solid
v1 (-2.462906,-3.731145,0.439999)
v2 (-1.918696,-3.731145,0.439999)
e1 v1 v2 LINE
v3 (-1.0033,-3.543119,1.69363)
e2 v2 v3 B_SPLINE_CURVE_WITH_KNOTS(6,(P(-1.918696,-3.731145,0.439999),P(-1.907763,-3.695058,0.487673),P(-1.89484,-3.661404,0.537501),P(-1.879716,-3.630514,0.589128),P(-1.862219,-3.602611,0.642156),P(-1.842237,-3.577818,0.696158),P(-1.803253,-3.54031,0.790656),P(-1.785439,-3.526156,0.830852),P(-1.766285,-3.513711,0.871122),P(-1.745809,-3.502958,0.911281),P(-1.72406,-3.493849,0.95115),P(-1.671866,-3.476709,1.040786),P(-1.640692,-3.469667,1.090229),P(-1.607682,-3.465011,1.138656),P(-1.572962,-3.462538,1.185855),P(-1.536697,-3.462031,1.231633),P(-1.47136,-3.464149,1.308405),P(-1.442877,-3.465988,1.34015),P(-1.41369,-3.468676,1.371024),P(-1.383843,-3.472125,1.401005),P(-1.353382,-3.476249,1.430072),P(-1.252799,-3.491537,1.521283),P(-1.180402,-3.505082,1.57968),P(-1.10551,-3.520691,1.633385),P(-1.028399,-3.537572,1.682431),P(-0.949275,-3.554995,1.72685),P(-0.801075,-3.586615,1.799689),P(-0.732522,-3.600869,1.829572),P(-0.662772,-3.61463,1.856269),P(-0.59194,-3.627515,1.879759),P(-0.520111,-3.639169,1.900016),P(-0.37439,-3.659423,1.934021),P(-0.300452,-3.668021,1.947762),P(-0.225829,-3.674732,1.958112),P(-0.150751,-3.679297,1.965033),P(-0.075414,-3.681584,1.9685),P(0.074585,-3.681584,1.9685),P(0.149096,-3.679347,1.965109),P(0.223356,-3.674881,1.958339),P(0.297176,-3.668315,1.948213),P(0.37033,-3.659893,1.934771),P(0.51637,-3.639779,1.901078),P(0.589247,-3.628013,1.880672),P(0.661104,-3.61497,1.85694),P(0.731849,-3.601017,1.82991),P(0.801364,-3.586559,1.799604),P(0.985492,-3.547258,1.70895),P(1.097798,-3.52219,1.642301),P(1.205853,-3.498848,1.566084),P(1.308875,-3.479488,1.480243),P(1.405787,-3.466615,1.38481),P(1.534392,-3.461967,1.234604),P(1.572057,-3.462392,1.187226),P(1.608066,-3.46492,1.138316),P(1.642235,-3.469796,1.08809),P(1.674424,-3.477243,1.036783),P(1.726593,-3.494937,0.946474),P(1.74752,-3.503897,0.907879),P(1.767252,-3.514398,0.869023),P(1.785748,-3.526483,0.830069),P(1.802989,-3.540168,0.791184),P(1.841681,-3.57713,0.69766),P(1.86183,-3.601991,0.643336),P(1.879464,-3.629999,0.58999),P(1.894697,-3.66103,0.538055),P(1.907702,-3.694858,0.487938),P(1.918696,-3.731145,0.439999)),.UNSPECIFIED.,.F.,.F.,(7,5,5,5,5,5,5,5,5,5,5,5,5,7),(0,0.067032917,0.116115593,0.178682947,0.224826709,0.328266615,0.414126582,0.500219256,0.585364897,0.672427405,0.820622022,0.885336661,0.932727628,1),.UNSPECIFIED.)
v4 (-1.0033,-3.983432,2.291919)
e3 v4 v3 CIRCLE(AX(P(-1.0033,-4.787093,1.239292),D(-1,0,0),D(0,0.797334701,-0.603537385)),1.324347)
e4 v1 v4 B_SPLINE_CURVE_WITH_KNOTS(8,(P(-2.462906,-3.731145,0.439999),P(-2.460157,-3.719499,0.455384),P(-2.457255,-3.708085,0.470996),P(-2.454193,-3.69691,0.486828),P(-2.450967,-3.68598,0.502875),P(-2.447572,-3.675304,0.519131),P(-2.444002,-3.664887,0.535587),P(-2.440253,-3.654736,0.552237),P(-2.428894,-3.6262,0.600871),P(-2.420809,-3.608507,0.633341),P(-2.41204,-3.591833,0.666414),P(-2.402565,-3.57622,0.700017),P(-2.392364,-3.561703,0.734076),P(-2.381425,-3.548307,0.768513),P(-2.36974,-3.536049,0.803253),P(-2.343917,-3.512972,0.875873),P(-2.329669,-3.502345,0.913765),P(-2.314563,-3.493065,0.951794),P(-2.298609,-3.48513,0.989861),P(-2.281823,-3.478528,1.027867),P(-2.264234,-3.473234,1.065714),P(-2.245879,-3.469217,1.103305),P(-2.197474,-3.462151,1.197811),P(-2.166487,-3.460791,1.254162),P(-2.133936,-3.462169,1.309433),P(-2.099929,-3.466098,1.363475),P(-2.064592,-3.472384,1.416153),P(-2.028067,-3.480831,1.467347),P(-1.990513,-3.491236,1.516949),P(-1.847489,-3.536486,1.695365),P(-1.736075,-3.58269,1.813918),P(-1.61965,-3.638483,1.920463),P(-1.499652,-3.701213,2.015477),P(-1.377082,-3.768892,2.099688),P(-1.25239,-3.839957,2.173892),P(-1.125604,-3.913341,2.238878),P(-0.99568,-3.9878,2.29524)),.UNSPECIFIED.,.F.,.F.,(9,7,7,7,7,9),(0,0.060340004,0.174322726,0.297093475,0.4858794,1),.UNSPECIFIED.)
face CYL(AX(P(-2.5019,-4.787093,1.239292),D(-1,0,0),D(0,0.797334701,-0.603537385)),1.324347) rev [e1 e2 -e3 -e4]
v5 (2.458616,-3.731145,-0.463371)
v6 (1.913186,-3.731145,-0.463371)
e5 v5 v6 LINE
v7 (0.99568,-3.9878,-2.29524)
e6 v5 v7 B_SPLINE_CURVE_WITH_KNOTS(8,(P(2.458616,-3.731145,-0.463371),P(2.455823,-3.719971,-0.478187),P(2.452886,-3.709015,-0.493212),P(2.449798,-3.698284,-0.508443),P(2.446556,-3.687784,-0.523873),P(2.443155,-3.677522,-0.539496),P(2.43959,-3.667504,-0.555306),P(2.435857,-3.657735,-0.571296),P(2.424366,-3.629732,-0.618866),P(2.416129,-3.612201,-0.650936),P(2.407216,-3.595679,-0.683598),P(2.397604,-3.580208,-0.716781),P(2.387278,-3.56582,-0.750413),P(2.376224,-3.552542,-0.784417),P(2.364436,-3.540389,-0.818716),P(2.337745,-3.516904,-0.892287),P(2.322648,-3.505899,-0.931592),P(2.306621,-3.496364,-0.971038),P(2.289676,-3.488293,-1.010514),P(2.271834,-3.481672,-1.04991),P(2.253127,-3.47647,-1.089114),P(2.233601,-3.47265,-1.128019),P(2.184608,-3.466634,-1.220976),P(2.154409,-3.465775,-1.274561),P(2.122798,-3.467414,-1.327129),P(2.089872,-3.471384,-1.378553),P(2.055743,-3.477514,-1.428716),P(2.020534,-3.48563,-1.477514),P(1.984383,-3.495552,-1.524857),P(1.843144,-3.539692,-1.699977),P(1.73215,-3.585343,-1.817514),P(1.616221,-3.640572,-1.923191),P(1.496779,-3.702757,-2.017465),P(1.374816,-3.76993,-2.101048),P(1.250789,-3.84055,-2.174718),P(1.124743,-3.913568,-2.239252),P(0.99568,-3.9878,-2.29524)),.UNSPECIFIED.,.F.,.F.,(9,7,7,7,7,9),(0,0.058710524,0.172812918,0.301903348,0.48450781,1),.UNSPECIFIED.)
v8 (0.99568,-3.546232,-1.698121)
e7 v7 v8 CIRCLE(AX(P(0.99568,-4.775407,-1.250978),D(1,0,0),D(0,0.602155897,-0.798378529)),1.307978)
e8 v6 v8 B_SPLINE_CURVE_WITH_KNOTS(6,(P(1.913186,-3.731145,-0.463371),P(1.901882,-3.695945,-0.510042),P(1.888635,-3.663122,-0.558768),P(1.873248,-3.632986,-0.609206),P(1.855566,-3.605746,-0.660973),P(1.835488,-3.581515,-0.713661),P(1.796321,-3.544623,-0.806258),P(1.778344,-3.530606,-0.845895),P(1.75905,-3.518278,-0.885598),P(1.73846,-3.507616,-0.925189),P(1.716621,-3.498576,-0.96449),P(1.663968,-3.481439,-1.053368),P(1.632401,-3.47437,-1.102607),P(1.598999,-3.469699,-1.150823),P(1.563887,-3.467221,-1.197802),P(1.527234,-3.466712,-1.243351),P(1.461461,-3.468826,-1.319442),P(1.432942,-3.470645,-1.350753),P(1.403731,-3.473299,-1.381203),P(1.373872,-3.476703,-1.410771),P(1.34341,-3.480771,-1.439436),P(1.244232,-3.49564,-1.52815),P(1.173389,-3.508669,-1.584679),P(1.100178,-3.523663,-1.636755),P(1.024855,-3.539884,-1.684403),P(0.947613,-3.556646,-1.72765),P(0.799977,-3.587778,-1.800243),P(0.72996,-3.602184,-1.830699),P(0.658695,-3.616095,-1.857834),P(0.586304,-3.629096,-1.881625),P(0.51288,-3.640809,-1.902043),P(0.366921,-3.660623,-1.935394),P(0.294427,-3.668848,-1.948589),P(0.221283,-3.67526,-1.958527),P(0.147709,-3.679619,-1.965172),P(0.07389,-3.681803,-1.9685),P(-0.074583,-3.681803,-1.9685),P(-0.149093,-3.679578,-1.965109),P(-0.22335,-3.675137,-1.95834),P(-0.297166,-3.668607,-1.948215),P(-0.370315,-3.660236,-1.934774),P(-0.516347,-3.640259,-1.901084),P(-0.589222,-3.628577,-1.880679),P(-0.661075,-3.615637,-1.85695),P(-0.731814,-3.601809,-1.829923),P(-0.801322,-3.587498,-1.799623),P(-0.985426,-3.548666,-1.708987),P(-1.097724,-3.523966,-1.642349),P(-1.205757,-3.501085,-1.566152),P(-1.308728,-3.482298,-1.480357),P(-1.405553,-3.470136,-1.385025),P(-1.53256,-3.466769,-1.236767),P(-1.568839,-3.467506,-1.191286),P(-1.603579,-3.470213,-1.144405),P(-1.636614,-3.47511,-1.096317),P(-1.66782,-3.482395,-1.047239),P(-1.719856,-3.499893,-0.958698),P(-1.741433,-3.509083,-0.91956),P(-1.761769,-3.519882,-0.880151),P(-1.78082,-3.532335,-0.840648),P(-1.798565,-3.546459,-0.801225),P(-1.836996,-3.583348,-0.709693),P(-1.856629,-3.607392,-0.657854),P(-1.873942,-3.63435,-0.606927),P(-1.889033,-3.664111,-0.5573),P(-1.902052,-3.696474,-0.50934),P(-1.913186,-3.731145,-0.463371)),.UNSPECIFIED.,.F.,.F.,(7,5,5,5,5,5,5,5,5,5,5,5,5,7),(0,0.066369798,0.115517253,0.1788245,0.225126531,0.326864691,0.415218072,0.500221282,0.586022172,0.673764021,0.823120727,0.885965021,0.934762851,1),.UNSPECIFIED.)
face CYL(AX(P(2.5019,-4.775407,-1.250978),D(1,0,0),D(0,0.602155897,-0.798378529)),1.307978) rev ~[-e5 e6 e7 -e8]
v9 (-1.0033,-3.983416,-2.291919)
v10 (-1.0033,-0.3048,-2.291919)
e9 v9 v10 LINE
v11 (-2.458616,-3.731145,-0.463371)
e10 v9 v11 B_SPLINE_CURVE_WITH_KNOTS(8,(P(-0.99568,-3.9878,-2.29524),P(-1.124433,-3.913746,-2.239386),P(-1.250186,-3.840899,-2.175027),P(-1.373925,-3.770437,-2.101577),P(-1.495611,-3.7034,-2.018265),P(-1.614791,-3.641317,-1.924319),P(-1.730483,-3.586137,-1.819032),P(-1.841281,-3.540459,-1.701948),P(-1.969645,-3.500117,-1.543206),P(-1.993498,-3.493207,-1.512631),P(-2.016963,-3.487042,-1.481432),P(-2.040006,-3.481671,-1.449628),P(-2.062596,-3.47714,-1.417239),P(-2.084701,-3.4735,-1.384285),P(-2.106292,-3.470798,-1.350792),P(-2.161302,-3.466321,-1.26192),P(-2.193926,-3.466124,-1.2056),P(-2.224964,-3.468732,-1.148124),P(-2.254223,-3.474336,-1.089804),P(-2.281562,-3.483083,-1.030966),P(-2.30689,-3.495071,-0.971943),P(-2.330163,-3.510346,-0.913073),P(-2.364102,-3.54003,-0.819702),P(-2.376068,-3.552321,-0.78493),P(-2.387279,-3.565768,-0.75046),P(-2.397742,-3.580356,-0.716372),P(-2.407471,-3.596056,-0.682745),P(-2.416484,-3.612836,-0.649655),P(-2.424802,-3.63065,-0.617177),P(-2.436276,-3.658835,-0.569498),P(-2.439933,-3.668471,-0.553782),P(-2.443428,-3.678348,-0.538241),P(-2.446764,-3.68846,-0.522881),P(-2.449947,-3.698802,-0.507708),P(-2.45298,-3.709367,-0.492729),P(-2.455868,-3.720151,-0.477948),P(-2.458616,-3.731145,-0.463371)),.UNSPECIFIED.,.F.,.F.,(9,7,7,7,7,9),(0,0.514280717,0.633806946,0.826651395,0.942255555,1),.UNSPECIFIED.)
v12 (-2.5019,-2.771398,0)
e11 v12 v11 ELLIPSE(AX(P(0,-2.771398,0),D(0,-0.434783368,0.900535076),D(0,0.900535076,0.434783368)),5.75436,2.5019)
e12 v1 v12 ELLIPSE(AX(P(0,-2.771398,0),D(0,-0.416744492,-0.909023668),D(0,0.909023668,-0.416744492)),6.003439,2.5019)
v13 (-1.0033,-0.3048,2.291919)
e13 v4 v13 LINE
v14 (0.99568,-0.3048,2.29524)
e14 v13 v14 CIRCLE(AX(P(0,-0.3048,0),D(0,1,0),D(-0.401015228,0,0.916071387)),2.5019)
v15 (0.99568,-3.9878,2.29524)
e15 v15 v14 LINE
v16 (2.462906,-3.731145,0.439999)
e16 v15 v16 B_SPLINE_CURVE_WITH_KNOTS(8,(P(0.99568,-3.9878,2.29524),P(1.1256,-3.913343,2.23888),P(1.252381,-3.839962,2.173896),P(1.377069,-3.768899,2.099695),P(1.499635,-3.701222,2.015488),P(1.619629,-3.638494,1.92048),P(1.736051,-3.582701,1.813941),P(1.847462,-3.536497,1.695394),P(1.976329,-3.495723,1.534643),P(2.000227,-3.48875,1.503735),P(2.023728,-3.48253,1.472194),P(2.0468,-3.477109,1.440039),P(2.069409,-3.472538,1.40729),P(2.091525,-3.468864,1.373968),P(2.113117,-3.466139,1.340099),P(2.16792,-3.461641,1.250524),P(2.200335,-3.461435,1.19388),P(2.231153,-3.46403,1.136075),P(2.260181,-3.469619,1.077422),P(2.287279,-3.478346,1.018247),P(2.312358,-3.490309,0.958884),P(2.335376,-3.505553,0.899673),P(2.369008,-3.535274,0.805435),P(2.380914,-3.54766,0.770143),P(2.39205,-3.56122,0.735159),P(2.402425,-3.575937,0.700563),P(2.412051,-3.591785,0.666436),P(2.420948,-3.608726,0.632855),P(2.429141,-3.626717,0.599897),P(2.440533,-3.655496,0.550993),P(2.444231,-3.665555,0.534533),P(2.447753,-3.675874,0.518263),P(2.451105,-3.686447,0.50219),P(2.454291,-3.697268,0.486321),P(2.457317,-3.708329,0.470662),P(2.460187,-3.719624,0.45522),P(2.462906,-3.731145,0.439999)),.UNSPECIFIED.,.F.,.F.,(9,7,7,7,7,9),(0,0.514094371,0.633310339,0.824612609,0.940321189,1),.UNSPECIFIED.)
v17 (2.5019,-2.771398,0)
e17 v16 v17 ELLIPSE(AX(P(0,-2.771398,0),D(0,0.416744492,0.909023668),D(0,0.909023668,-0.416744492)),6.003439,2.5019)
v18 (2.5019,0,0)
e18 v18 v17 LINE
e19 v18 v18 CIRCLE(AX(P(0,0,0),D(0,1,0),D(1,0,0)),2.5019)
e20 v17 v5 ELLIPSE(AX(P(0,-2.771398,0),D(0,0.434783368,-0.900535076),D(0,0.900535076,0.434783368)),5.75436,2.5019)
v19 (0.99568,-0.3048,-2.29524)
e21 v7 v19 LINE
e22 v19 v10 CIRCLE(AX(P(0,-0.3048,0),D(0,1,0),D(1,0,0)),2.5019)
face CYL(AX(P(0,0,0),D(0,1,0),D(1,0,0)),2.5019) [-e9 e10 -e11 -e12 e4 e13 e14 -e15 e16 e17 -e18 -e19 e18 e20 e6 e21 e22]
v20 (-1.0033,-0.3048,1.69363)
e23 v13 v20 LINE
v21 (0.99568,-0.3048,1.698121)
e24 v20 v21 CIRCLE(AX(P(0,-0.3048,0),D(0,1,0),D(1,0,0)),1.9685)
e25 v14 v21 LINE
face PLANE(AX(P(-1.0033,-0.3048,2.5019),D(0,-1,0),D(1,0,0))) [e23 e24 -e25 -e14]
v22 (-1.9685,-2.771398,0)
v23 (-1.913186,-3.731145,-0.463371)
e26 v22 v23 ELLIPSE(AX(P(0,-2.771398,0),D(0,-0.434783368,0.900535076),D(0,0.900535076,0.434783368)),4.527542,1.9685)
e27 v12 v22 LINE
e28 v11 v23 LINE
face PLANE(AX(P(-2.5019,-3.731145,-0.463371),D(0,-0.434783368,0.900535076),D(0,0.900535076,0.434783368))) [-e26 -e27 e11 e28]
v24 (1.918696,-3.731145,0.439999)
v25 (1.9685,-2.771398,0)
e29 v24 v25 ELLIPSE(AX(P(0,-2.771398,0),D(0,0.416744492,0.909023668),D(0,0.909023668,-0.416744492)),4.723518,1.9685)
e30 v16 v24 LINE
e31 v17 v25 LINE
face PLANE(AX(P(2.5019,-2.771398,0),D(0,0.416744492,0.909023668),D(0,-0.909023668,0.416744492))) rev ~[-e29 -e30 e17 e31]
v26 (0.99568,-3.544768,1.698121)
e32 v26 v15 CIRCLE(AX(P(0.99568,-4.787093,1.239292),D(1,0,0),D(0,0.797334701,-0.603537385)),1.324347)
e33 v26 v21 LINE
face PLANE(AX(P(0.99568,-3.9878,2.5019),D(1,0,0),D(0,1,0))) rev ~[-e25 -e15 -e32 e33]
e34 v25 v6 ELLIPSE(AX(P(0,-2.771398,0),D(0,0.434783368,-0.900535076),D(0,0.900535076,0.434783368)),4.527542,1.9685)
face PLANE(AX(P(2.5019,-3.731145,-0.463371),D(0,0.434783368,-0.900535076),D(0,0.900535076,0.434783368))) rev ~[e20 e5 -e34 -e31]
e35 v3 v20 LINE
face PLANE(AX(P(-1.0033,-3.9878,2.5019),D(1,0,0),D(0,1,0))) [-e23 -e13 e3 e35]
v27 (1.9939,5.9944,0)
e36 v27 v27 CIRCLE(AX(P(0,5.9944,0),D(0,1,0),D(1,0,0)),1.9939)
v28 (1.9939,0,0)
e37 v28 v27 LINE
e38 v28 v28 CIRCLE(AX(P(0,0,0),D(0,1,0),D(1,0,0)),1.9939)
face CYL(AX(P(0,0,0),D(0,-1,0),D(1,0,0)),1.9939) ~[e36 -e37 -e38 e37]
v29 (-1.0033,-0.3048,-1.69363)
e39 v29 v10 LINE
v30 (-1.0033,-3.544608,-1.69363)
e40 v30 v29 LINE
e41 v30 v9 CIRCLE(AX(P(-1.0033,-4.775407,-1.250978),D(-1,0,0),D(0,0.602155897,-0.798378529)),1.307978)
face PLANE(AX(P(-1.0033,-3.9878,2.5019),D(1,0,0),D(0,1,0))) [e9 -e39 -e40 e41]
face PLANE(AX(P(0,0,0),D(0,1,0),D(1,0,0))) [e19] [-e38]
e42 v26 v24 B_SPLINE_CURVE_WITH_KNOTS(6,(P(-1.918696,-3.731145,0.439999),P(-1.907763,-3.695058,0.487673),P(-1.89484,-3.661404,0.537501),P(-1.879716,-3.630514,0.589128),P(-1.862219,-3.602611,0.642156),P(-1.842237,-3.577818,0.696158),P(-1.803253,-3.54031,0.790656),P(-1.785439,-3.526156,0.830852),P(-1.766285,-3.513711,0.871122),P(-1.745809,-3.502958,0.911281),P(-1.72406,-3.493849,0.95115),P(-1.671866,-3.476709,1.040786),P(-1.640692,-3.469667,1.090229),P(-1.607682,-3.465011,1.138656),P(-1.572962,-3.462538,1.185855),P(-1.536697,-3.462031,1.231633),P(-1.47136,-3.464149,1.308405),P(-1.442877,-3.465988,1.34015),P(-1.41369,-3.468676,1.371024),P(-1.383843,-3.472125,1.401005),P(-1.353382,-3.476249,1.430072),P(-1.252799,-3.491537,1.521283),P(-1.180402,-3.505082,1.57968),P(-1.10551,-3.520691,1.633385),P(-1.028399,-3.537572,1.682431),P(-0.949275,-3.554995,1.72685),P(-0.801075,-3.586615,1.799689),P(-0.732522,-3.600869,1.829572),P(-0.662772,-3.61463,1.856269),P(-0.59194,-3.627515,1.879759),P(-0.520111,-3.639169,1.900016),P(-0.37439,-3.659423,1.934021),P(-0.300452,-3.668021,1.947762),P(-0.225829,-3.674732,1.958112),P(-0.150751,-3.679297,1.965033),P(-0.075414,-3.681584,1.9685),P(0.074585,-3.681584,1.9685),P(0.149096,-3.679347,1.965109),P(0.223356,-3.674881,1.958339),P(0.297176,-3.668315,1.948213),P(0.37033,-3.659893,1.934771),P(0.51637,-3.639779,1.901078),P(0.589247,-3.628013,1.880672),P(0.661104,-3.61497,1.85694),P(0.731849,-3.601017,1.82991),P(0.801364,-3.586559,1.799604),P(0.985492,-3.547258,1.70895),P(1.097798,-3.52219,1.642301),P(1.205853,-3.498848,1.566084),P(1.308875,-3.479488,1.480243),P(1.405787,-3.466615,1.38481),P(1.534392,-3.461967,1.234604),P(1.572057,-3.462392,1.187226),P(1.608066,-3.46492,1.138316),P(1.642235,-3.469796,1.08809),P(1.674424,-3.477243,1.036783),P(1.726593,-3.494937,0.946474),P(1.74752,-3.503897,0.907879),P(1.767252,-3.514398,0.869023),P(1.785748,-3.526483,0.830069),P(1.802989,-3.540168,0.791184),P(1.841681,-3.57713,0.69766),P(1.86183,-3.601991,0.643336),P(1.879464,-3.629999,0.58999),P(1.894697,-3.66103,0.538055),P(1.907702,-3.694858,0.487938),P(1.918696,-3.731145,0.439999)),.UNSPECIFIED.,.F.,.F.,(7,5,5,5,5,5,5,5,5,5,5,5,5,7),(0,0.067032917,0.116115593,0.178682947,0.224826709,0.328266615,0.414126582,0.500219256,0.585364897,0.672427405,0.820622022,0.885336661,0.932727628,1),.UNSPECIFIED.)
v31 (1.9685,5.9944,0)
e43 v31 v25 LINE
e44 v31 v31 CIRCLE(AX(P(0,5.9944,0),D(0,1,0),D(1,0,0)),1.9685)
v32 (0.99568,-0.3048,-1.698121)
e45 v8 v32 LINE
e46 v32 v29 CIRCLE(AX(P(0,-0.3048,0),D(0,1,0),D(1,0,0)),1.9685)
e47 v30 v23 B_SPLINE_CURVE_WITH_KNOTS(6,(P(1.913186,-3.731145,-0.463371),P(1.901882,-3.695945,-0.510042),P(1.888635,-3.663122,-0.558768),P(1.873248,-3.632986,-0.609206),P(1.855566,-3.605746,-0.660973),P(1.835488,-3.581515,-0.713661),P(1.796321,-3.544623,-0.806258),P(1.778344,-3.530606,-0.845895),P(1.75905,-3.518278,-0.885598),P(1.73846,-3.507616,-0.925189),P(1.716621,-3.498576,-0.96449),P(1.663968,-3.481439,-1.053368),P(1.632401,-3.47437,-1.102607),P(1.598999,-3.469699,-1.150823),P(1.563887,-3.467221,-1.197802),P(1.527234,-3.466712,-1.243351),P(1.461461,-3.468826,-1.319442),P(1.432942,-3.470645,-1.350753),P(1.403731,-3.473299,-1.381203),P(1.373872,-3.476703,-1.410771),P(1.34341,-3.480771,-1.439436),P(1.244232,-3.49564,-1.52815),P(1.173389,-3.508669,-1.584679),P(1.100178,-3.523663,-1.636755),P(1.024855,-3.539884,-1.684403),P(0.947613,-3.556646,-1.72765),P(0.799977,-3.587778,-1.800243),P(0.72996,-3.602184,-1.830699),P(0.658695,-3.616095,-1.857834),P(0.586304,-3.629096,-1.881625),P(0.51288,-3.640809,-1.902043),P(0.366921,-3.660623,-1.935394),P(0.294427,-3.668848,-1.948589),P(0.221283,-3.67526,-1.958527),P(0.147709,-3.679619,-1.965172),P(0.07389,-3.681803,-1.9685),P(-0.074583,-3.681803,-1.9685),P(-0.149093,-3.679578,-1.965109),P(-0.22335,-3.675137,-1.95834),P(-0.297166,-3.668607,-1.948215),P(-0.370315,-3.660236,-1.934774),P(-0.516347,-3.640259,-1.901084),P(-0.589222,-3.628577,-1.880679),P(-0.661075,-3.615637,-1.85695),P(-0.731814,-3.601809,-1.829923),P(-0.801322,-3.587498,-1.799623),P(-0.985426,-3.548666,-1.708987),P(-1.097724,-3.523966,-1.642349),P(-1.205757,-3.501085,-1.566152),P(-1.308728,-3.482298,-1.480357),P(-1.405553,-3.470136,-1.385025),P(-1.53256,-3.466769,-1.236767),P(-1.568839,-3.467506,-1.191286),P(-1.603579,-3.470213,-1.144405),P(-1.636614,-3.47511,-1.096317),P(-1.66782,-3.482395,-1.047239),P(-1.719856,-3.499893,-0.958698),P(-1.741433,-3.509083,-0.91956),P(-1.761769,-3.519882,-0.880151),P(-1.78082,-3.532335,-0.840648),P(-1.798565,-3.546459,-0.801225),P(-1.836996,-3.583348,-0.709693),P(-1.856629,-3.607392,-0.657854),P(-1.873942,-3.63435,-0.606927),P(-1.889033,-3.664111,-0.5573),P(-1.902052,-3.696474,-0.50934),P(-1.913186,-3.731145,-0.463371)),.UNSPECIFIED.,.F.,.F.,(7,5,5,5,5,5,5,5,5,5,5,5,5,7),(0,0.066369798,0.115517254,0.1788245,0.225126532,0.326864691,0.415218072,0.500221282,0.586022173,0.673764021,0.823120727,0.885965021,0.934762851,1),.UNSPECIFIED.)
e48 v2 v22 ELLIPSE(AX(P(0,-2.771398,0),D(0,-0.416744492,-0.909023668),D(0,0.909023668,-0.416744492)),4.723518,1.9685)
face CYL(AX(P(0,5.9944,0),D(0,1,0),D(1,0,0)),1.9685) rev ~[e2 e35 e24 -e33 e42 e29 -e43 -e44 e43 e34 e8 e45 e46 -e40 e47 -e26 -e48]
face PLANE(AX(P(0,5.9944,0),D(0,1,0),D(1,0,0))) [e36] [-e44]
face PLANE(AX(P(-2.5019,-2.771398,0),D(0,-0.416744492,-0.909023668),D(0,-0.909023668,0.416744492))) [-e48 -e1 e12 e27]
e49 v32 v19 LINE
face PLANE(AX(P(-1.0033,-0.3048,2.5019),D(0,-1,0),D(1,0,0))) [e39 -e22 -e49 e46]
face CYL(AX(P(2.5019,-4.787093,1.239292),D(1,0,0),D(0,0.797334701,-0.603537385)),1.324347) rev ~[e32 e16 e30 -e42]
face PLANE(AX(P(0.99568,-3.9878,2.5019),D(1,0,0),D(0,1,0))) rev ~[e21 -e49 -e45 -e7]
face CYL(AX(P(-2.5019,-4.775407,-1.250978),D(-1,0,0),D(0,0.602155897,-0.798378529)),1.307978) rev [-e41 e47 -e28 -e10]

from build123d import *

# Parameters (mm, degrees)
SKETCH1_R           = 1.9939
BOSS_EXTRUDE1_DEPTH = 5.9944
SKETCH2_R           = 2.5019
BOSS_EXTRUDE2_DEPTH = 3.9878
SKETCH3_R           = 1.9685
CUT_EXTRUDE1_DEPTH  = 10.9822
SKETCH4_W           = 1.99898
SKETCH4_H           = 3.683
CUT_EXTRUDE2_DEPTH  = 6.0038
CUT_EXTRUDE3_REACH  = 7.004
CUT_EXTRUDE4_REACH  = 7.004


with BuildPart() as part:
    # Sketch1 → Boss-Extrude1 (new body)
    with BuildSketch(Plane(origin=(0, 0, 0), x_dir=(1, 0, 0), z_dir=(0, 1, 0))):
        Circle(SKETCH1_R)
    extrude(amount=BOSS_EXTRUDE1_DEPTH)

    # Sketch2 → Boss-Extrude2 (add)
    with BuildSketch(Plane(origin=(0, 0, 0), x_dir=(1, 0, 0), z_dir=(0, 1, 0))):
        Circle(SKETCH2_R)
    extrude(amount=-BOSS_EXTRUDE2_DEPTH)

    # Sketch3 → Cut-Extrude1 (cut, through all)
    with BuildSketch(Plane(origin=(0, 5.9944, 0), x_dir=(1, 0, 0), z_dir=(0, 1, 0))):
        Circle(SKETCH3_R)
    extrude(amount=-CUT_EXTRUDE1_DEPTH, mode=Mode.SUBTRACT)

    # Sketch4 → Cut-Extrude2 (cut, through all)
    with BuildSketch(Plane.XY.offset(2.5019)):
        with Locations((-0.00381, -2.1463)):
            Rectangle(SKETCH4_W, SKETCH4_H)
    extrude(amount=-CUT_EXTRUDE2_DEPTH, mode=Mode.SUBTRACT)

    # Sketch6 → Cut-Extrude3 (cut, up to next)
    with BuildSketch(Plane(origin=(-2.5019, 0, 0), x_dir=(0, 0, -1), z_dir=(1, 0, 0)), mode=Mode.PRIVATE) as cut_extrude3_sk1:
        with BuildLine():
            Line((-2.295239627, -3.9878), (2.295239627, -3.9878))
            ThreePointArc((2.295239627, -3.9878), (1.432460388, -3.48008017), (0.463371203, -3.731145085))
            Line((0.463371203, -3.731145085), (0, -2.771398111))
            Line((0, -2.771398111), (-0.439998736, -3.731145085))
            ThreePointArc((-0.439998736, -3.731145085), (-1.420774155, -3.475239573), (-2.295239627, -3.9878))
        make_face()
    cut_extrude3_tool1 = extrude(cut_extrude3_sk1.sketch, amount=CUT_EXTRUDE3_REACH, mode=Mode.PRIVATE) & part.part
    add(cut_extrude3_tool1.solids().sort_by_distance((-2.5019, -3.705676, 0.002257))[0], mode=Mode.SUBTRACT)

    # Sketch5 → Cut-Extrude4 (cut, up to next)
    with BuildSketch(Plane(origin=(2.5019, 0, 0), x_dir=(0, 0, -1), z_dir=(1, 0, 0)), mode=Mode.PRIVATE) as cut_extrude4_sk1:
        with BuildLine():
            Line((0.463371203, -3.731145085), (0, -2.771398111))
            Line((0, -2.771398111), (-0.439998736, -3.731145085))
            ThreePointArc((-0.439998736, -3.731145085), (-1.420774155, -3.475239573), (-2.295239627, -3.9878))
            Line((-2.295239627, -3.9878), (2.295239627, -3.9878))
            ThreePointArc((2.295239627, -3.9878), (1.432460388, -3.48008017), (0.463371203, -3.731145085))
        make_face()
    cut_extrude4_tool1 = extrude(cut_extrude4_sk1.sketch, amount=-CUT_EXTRUDE4_REACH, mode=Mode.PRIVATE) & part.part
    add(cut_extrude4_tool1.solids().sort_by_distance((2.5019, -3.705676, 0.002257))[0], mode=Mode.SUBTRACT)


solid = part.part
